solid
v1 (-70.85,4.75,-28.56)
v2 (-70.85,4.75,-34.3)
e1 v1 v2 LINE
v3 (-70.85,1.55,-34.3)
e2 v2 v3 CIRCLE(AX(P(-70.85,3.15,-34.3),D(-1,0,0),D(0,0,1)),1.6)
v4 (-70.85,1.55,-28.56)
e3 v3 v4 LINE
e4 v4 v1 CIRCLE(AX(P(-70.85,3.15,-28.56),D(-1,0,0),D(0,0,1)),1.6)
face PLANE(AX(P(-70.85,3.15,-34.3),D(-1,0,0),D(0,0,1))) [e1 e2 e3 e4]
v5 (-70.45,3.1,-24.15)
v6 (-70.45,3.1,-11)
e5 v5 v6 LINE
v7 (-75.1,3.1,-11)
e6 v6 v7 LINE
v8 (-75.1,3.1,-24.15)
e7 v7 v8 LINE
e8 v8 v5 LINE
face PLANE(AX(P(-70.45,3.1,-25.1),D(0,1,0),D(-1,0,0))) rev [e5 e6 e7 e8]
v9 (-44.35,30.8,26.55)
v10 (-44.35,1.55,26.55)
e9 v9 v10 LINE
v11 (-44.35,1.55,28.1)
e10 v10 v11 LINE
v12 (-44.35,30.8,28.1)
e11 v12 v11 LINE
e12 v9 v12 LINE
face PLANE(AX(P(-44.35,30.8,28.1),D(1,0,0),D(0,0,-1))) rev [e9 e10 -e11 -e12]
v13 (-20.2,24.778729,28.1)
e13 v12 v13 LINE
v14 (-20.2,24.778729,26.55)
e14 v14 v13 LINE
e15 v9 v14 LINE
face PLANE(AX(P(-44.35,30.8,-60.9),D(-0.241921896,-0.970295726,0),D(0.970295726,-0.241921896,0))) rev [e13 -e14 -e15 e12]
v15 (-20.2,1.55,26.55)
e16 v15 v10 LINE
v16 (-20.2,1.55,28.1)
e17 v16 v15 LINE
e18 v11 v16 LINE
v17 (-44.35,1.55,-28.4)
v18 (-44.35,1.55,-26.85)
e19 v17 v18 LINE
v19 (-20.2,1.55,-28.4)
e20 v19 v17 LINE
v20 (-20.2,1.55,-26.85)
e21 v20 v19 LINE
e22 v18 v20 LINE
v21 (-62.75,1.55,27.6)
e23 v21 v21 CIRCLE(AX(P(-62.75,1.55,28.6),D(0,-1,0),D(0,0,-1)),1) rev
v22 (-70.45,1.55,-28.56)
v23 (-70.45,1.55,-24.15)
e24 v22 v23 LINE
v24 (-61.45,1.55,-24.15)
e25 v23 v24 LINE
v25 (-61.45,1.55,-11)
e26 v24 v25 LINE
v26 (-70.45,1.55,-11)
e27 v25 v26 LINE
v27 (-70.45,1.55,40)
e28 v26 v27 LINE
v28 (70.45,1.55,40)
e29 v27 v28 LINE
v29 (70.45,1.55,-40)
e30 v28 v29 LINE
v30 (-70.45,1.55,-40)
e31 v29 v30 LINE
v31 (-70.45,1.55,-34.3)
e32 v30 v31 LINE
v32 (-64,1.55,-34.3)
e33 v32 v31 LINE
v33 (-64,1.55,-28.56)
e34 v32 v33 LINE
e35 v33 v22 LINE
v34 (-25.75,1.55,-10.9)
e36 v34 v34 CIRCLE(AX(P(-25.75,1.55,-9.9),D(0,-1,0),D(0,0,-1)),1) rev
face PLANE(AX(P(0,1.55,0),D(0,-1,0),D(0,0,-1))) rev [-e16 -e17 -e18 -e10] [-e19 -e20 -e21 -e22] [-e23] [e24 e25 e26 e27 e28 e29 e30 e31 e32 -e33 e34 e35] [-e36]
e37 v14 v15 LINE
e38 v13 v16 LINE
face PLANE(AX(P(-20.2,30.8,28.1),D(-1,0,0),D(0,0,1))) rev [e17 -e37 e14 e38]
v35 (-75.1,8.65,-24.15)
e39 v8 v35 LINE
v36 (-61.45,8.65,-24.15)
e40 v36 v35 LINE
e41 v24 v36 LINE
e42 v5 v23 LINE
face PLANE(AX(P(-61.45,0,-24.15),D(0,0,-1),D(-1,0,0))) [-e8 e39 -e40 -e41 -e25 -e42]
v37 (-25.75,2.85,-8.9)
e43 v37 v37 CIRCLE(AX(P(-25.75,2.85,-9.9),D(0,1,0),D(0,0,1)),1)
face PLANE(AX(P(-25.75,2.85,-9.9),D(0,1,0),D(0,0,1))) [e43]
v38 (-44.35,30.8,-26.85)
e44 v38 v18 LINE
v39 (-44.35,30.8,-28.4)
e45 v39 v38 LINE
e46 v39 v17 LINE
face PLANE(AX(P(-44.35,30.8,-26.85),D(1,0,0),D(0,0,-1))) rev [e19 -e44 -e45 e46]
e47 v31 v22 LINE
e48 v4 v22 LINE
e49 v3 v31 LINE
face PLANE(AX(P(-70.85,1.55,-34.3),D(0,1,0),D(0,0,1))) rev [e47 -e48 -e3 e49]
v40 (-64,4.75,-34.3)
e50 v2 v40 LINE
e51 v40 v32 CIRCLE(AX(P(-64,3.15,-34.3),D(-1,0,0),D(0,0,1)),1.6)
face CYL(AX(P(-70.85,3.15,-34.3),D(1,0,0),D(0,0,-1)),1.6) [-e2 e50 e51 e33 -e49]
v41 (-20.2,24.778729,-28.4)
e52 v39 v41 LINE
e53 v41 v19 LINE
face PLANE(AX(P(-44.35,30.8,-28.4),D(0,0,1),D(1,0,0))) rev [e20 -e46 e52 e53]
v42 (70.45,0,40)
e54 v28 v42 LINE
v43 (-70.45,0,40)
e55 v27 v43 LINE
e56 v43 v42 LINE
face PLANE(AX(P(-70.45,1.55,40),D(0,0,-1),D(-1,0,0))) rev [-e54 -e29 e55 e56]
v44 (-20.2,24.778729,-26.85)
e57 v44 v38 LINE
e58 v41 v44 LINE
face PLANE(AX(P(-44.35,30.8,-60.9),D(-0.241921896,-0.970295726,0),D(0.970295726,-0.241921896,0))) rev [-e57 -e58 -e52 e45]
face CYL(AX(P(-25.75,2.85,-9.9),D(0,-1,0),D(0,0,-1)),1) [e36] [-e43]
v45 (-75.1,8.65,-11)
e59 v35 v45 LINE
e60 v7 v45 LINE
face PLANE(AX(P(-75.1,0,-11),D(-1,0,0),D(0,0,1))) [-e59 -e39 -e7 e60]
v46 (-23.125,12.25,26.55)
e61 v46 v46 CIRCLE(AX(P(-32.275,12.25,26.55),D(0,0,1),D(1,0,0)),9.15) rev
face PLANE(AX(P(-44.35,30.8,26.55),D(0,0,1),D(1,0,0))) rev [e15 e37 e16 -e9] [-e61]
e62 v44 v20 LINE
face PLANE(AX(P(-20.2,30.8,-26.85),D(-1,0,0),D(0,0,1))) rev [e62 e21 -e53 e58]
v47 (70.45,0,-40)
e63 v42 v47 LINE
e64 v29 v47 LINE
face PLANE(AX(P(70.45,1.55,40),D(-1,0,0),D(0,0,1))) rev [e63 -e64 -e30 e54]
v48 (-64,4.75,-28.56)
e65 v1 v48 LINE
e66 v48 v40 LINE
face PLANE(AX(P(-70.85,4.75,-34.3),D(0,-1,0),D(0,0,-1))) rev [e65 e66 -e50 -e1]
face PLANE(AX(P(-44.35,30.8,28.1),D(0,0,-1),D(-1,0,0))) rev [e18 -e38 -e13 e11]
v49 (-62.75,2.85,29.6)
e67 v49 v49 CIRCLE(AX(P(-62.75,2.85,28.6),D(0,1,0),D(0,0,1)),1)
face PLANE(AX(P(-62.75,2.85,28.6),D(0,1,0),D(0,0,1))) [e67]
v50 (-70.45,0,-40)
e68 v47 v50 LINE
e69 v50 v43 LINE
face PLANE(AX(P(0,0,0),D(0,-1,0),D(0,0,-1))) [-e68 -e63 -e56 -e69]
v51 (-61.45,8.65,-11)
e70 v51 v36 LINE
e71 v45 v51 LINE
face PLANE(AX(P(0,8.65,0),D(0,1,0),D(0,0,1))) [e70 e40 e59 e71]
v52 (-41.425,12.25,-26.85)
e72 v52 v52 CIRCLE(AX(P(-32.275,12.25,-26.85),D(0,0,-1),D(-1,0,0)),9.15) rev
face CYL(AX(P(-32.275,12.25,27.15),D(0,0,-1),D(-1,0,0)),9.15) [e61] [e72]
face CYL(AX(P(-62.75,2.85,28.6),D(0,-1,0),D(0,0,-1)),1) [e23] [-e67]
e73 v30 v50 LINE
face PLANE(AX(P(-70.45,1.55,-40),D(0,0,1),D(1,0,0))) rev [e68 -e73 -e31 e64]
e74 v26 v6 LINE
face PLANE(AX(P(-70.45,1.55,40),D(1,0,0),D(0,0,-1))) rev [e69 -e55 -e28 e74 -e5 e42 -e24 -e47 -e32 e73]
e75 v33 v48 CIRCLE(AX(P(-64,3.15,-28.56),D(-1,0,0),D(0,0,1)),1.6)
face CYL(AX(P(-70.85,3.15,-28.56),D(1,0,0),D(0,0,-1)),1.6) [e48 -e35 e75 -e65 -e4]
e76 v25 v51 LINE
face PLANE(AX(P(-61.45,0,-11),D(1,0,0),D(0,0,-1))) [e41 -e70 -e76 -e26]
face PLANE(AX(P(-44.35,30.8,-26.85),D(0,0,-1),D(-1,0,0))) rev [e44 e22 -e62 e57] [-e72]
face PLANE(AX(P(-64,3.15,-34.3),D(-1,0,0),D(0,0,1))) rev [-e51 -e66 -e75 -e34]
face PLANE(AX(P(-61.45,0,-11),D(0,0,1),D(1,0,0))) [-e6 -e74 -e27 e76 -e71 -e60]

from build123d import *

# Parameters (mm, degrees)
SKETCH1_W                = 140.9
SKETCH1_H                = 80
PCB_DEPTH                = 1.55
BODYC_DEPTH              = 0.4
BODYC_DEPTH_BACK         = 6.45
SKETCH4_W                = 13.65
SKETCH4_H                = 13.15
BOSS_EXTRUDE4_DEPTH      = 7.1
BOSS_EXTRUDE4_DEPTH_BACK = 1.55
SKETCH5_W                = 4.65
SKETCH5_H                = 3.1
CUT_EXTRUDE3_DEPTH       = 14.1
SKETCH11_W               = 24.15
SKETCH11_H               = 1.55
BOSS_EXTRUDE8_DEPTH      = 29.25
SKETCH7_W                = 24.15
SKETCH7_H                = 1.55
BOSS_EXTRUDE5_DEPTH      = 29.25
CUT_EXTRUDE4_DEPTH       = 89
SKETCH12_R               = 9.15
BATTERY_DEPTH            = 54
SKETCH13_R               = 1
BUTTON_DEPTH             = 1.3
SKETCH14_R               = 1
RESET_DEPTH              = 1.3


with BuildPart() as part:
    # Sketch1 → PCB (new body)
    with BuildSketch(Plane(origin=(0, 0, 0), x_dir=(1, 0, 0), z_dir=(0, 1, 0))):
        Rectangle(SKETCH1_W, SKETCH1_H)
    extrude(amount=PCB_DEPTH)

    # Sketch3 → bodyC (add, two sides)
    with BuildSketch(Plane.ZY.offset(70.45)) as bodyc_sk:
        with BuildLine():
            Line((-34.3, 4.75), (-28.56, 4.75))
            ThreePointArc((-28.56, 4.75), (-26.96, 3.15), (-28.56, 1.55))
            Line((-28.56, 1.55), (-34.3, 1.55))
            ThreePointArc((-34.3, 1.55), (-35.9, 3.15), (-34.3, 4.75))
        make_face()
    extrude(amount=BODYC_DEPTH)
    extrude(bodyc_sk.sketch, amount=-BODYC_DEPTH_BACK)

    # Sketch4 → Boss-Extrude4 (add, two sides)
    with BuildSketch(Plane(origin=(0, 1.55, 0), x_dir=(1, 0, 0), z_dir=(0, 1, 0))) as boss_extrude4_sk:
        with Locations((-68.275, 17.575)):
            Rectangle(SKETCH4_W, SKETCH4_H)
    extrude(amount=BOSS_EXTRUDE4_DEPTH)
    extrude(boss_extrude4_sk.sketch, amount=-BOSS_EXTRUDE4_DEPTH_BACK)

    # Sketch5 → Cut-Extrude3 (cut)
    with BuildSketch(Plane.XY.offset(-11)):
        with Locations((-72.775, 1.55)):
            Rectangle(SKETCH5_W, SKETCH5_H)
    extrude(amount=-CUT_EXTRUDE3_DEPTH, mode=Mode.SUBTRACT)

    # Sketch11 → Boss-Extrude8 (add)
    with BuildSketch(Plane(origin=(0, 1.55, 0), x_dir=(1, 0, 0), z_dir=(0, 1, 0))):
        with Locations((-32.275, 27.625)):
            Rectangle(SKETCH11_W, SKETCH11_H)
    extrude(amount=BOSS_EXTRUDE8_DEPTH)

    # Sketch7 → Boss-Extrude5 (add)
    with BuildSketch(Plane(origin=(0, 1.55, 0), x_dir=(1, 0, 0), z_dir=(0, 1, 0))):
        with Locations((-32.275, -27.325)):
            Rectangle(SKETCH7_W, SKETCH7_H)
    extrude(amount=BOSS_EXTRUDE5_DEPTH)

    # Sketch8 → Cut-Extrude4 (cut)
    with BuildSketch(Plane.XY.offset(28.1)):
        Polygon((-44.35, 30.8), (-20.2, 24.778728731), (-20.2, 30.8), align=None)
    extrude(amount=-CUT_EXTRUDE4_DEPTH, mode=Mode.SUBTRACT)

    # Sketch12 → Battery (add)
    with BuildSketch(Plane.XY.offset(-26.85)):
        with Locations((-32.275, 12.25)):
            Circle(SKETCH12_R)
    extrude(amount=BATTERY_DEPTH)

    # Sketch13 → Button (add)
    with BuildSketch(Plane(origin=(0, 1.55, 0), x_dir=(1, 0, 0), z_dir=(0, 1, 0))):
        with Locations((-62.75, -28.6)):
            Circle(SKETCH13_R)
    extrude(amount=BUTTON_DEPTH)

    # Sketch14 → Reset (add)
    with BuildSketch(Plane(origin=(0, 1.55, 0), x_dir=(1, 0, 0), z_dir=(0, 1, 0))):
        with Locations((-25.75, 9.9)):
            Circle(SKETCH14_R)
    extrude(amount=RESET_DEPTH)


solid = part.part
